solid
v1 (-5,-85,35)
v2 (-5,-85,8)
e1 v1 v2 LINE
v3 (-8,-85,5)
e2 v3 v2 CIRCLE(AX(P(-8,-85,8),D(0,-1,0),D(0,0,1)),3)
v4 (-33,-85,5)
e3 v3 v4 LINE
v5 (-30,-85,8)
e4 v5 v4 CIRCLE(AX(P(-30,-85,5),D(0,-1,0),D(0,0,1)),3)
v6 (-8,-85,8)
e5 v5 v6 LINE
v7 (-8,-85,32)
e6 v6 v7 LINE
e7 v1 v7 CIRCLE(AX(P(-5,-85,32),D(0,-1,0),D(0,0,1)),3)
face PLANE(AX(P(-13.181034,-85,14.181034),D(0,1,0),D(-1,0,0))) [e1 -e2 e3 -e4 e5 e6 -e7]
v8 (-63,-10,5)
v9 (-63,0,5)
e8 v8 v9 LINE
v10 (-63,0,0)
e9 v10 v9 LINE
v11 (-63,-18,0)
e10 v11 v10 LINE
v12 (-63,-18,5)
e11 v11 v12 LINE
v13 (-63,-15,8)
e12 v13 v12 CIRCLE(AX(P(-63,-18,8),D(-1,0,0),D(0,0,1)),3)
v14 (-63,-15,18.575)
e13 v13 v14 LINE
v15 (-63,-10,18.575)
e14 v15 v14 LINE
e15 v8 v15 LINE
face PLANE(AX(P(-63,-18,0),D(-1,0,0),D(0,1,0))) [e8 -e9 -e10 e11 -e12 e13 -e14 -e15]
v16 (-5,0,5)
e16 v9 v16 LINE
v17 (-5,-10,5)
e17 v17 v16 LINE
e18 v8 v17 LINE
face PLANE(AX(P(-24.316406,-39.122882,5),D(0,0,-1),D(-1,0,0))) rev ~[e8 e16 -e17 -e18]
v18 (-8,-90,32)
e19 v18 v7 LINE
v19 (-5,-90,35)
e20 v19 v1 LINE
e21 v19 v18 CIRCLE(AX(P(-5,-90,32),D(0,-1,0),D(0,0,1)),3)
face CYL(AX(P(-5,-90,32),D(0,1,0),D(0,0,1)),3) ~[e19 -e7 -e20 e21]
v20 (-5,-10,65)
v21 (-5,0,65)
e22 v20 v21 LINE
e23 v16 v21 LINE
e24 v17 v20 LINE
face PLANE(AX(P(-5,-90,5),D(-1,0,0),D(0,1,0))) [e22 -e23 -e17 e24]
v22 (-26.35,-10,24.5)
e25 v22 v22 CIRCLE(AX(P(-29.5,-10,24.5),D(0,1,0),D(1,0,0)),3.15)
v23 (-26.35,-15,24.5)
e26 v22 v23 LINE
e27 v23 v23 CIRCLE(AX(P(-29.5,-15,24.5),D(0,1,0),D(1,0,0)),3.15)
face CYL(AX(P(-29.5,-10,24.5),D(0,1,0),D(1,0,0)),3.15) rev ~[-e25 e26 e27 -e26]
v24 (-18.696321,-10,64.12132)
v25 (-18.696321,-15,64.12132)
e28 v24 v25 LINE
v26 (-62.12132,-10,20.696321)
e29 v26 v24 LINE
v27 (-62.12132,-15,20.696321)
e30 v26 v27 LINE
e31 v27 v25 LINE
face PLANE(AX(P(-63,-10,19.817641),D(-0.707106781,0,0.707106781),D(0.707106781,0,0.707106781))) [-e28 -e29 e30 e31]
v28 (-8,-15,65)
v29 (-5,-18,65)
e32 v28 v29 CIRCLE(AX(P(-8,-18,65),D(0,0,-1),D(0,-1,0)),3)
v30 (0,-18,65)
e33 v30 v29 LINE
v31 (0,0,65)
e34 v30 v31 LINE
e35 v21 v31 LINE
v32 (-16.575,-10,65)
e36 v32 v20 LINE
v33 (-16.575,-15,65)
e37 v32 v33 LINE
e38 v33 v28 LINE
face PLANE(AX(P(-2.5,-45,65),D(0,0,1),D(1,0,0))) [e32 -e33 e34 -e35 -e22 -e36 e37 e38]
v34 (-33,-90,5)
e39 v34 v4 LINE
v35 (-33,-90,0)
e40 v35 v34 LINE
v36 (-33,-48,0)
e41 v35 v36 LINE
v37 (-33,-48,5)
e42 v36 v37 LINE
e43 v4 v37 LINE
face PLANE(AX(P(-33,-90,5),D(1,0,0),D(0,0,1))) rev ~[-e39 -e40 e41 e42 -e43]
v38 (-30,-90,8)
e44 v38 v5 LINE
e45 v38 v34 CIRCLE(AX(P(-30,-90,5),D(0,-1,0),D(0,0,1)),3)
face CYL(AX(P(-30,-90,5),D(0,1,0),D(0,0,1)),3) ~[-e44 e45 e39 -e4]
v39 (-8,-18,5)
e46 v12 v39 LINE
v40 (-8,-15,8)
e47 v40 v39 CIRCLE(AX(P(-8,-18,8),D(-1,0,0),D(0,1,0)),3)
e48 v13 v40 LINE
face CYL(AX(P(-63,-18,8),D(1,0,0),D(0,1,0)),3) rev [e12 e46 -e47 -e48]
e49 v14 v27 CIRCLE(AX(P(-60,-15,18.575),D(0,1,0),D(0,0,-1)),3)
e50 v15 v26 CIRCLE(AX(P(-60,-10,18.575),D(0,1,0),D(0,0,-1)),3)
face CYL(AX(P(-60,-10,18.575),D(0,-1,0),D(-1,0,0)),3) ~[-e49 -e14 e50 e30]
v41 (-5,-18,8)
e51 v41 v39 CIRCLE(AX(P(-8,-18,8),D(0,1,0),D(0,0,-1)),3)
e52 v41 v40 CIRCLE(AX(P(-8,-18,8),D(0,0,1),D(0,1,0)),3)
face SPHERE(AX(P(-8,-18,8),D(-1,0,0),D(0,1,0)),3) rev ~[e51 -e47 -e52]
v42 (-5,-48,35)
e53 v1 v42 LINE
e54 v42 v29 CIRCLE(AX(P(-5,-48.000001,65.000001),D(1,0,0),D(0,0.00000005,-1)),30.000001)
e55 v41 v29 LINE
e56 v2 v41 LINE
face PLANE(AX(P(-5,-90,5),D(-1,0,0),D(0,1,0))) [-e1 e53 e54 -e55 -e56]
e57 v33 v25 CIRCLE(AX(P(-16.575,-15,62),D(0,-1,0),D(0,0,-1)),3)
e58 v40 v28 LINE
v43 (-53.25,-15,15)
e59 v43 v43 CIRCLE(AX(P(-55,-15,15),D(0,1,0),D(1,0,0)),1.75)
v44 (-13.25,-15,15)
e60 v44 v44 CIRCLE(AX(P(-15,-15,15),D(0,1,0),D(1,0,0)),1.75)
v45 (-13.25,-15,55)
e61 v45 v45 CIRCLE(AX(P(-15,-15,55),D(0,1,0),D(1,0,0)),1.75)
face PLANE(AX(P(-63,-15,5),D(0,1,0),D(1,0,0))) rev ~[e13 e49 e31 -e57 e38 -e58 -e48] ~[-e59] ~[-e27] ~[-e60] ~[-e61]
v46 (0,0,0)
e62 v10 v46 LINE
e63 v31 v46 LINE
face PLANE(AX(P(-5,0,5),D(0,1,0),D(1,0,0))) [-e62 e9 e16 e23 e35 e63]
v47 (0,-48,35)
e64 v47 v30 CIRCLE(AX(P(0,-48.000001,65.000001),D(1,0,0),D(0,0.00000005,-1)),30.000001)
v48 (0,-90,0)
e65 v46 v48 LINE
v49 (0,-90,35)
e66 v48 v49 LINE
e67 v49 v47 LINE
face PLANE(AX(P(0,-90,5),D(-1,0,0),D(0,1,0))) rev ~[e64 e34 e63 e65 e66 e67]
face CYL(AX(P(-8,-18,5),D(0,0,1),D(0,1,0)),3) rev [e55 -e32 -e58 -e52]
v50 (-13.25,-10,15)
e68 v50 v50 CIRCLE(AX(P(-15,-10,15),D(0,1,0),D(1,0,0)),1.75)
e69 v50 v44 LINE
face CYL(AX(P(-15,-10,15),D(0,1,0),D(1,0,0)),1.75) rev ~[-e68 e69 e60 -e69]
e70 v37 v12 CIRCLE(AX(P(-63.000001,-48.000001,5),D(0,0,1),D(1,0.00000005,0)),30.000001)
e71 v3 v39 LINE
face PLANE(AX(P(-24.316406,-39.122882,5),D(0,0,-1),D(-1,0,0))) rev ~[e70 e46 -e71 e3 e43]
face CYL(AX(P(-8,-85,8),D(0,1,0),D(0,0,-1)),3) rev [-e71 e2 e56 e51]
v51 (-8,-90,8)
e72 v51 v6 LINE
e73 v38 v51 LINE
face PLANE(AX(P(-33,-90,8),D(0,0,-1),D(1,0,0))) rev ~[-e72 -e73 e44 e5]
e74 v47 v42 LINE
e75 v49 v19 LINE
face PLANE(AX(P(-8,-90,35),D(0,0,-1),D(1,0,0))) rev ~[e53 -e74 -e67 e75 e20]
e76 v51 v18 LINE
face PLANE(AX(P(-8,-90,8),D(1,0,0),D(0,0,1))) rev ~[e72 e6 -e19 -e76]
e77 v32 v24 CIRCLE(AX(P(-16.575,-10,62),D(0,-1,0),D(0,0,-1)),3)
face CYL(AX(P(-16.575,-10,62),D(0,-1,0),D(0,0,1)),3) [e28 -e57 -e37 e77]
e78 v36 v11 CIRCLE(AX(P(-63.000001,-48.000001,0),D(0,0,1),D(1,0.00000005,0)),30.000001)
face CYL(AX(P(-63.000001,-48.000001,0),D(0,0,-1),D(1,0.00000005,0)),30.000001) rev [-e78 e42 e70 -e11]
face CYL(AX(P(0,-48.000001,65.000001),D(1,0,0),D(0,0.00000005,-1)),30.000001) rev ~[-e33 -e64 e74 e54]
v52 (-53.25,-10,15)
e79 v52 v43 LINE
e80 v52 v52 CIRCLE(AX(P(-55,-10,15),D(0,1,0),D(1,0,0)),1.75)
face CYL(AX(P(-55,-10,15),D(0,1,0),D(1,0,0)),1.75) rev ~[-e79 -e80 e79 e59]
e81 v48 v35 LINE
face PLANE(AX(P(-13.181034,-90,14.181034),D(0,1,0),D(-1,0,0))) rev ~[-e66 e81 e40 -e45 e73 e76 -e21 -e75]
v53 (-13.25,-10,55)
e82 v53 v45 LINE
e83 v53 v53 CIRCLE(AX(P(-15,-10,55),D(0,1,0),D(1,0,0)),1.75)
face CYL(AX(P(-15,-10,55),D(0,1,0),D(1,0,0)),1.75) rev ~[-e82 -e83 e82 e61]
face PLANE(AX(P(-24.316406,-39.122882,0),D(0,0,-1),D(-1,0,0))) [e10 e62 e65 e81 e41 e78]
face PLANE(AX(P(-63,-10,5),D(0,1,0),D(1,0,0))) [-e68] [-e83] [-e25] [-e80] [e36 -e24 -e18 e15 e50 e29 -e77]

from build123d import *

# Parameters (mm, degrees)
SALIENTE_EXTRUIR1_DEPTH = 5
CROQUIS2_W              = 5
CROQUIS2_H              = 90
SALIENTE_EXTRUIR2_DEPTH = 60
CORTAR_EXTRUIR1_DEPTH   = 5
SALIENTE_EXTRUIR3_DEPTH = 5
REDONDEO1_R             = 3
CROQUIS5_W              = 58
CROQUIS5_H              = 5
SALIENTE_EXTRUIR4_DEPTH = 60
CORTAR_EXTRUIR2_DEPTH   = 5
REDONDEO2_R             = 3
REDONDEO3_R             = 3
CROQUIS7_R              = 1.75
CROQUIS7_R_2            = 3.15
CORTAR_EXTRUIR3_DEPTH   = 5


with BuildPart() as part:
    # Croquis1 → Saliente-Extruir1 (new body)
    with BuildSketch(Plane.XY):
        with BuildLine():
            Line((-63, 0), (0, 0))
            Line((0, 0), (0, -90))
            Line((0, -90), (-33, -90))
            Line((-33, -90), (-33, -48))
            ThreePointArc((-33, -48), (-41.786797, -26.786797), (-63, -18))
            Line((-63, -18), (-63, 0))
        make_face()
    extrude(amount=SALIENTE_EXTRUIR1_DEPTH)

    # Croquis2 → Saliente-Extruir2 (add)
    with BuildSketch(Plane.XY.offset(5)):
        with Locations((-2.5, -45)):
            Rectangle(CROQUIS2_W, CROQUIS2_H)
    extrude(amount=SALIENTE_EXTRUIR2_DEPTH)

    # Croquis3 → Cortar-Extruir1 (cut)
    with BuildSketch(Plane(origin=(0, 0, 0), x_dir=(0, 0, -1), z_dir=(1, 0, 0))):
        with BuildLine():
            Line((-65, -90), (-35, -90))
            Line((-35, -90), (-35, -48))
            ThreePointArc((-35, -48), (-43.786797, -26.786797), (-65, -18))
            Line((-65, -18), (-65, -90))
        make_face()
    extrude(amount=-CORTAR_EXTRUIR1_DEPTH, mode=Mode.SUBTRACT)

    # Croquis4 → Saliente-Extruir3 (add)
    with BuildSketch(Plane.XZ.offset(90)):
        Polygon((-33, 8), (-8, 8), (-8, 35), (-5, 35), (-5, 5), (-33, 5), align=None)
    extrude(amount=-SALIENTE_EXTRUIR3_DEPTH)

    # Redondeo1
    redondeo1_edges = [part.edges().sort_by_distance(p)[0] for p in [
        (-33, -87.5, 8),
        (-8, -87.5, 35),
    ]]
    fillet(redondeo1_edges, radius=REDONDEO1_R)

    # Croquis5 → Saliente-Extruir4 (add)
    with BuildSketch(Plane.XY.offset(5)):
        with Locations((-34, -12.5)):
            Rectangle(CROQUIS5_W, CROQUIS5_H)
    extrude(amount=SALIENTE_EXTRUIR4_DEPTH)

    # Croquis6 → Cortar-Extruir2 (cut)
    with BuildSketch(Plane(origin=(0, -10, 0), x_dir=(1, 0, 0), z_dir=(0, 1, 0))):
        Polygon((-63, -19.817641), (-17.817641, -65), (-63, -65), align=None)
    extrude(amount=-CORTAR_EXTRUIR2_DEPTH, mode=Mode.SUBTRACT)

    # Redondeo2
    redondeo2_edges = [part.edges().sort_by_distance(p)[0] for p in [
        (-63, -12.5, 19.817641),
        (-17.817641, -12.5, 65),
    ]]
    fillet(redondeo2_edges, radius=REDONDEO2_R)

    # Redondeo3
    redondeo3_edges = [part.edges().sort_by_distance(p)[0] for p in [
        (-34, -15, 5),
        (-5, -15, 35),
        (-5, -50, 5),
    ]]
    fillet(redondeo3_edges, radius=REDONDEO3_R)

    # Croquis7 → Cortar-Extruir3 (cut)
    with BuildSketch(Plane(origin=(0, -10, 0), x_dir=(1, 0, 0), z_dir=(0, 1, 0))):
        with Locations((-15, -55)):
            Circle(CROQUIS7_R)
        with Locations((-15, -15)):
            Circle(CROQUIS7_R)
        with Locations((-55, -15)):
            Circle(CROQUIS7_R)
        with Locations((-29.5, -24.5)):
            Circle(CROQUIS7_R_2)
    extrude(amount=-CORTAR_EXTRUIR3_DEPTH, mode=Mode.SUBTRACT)


solid = part.part
